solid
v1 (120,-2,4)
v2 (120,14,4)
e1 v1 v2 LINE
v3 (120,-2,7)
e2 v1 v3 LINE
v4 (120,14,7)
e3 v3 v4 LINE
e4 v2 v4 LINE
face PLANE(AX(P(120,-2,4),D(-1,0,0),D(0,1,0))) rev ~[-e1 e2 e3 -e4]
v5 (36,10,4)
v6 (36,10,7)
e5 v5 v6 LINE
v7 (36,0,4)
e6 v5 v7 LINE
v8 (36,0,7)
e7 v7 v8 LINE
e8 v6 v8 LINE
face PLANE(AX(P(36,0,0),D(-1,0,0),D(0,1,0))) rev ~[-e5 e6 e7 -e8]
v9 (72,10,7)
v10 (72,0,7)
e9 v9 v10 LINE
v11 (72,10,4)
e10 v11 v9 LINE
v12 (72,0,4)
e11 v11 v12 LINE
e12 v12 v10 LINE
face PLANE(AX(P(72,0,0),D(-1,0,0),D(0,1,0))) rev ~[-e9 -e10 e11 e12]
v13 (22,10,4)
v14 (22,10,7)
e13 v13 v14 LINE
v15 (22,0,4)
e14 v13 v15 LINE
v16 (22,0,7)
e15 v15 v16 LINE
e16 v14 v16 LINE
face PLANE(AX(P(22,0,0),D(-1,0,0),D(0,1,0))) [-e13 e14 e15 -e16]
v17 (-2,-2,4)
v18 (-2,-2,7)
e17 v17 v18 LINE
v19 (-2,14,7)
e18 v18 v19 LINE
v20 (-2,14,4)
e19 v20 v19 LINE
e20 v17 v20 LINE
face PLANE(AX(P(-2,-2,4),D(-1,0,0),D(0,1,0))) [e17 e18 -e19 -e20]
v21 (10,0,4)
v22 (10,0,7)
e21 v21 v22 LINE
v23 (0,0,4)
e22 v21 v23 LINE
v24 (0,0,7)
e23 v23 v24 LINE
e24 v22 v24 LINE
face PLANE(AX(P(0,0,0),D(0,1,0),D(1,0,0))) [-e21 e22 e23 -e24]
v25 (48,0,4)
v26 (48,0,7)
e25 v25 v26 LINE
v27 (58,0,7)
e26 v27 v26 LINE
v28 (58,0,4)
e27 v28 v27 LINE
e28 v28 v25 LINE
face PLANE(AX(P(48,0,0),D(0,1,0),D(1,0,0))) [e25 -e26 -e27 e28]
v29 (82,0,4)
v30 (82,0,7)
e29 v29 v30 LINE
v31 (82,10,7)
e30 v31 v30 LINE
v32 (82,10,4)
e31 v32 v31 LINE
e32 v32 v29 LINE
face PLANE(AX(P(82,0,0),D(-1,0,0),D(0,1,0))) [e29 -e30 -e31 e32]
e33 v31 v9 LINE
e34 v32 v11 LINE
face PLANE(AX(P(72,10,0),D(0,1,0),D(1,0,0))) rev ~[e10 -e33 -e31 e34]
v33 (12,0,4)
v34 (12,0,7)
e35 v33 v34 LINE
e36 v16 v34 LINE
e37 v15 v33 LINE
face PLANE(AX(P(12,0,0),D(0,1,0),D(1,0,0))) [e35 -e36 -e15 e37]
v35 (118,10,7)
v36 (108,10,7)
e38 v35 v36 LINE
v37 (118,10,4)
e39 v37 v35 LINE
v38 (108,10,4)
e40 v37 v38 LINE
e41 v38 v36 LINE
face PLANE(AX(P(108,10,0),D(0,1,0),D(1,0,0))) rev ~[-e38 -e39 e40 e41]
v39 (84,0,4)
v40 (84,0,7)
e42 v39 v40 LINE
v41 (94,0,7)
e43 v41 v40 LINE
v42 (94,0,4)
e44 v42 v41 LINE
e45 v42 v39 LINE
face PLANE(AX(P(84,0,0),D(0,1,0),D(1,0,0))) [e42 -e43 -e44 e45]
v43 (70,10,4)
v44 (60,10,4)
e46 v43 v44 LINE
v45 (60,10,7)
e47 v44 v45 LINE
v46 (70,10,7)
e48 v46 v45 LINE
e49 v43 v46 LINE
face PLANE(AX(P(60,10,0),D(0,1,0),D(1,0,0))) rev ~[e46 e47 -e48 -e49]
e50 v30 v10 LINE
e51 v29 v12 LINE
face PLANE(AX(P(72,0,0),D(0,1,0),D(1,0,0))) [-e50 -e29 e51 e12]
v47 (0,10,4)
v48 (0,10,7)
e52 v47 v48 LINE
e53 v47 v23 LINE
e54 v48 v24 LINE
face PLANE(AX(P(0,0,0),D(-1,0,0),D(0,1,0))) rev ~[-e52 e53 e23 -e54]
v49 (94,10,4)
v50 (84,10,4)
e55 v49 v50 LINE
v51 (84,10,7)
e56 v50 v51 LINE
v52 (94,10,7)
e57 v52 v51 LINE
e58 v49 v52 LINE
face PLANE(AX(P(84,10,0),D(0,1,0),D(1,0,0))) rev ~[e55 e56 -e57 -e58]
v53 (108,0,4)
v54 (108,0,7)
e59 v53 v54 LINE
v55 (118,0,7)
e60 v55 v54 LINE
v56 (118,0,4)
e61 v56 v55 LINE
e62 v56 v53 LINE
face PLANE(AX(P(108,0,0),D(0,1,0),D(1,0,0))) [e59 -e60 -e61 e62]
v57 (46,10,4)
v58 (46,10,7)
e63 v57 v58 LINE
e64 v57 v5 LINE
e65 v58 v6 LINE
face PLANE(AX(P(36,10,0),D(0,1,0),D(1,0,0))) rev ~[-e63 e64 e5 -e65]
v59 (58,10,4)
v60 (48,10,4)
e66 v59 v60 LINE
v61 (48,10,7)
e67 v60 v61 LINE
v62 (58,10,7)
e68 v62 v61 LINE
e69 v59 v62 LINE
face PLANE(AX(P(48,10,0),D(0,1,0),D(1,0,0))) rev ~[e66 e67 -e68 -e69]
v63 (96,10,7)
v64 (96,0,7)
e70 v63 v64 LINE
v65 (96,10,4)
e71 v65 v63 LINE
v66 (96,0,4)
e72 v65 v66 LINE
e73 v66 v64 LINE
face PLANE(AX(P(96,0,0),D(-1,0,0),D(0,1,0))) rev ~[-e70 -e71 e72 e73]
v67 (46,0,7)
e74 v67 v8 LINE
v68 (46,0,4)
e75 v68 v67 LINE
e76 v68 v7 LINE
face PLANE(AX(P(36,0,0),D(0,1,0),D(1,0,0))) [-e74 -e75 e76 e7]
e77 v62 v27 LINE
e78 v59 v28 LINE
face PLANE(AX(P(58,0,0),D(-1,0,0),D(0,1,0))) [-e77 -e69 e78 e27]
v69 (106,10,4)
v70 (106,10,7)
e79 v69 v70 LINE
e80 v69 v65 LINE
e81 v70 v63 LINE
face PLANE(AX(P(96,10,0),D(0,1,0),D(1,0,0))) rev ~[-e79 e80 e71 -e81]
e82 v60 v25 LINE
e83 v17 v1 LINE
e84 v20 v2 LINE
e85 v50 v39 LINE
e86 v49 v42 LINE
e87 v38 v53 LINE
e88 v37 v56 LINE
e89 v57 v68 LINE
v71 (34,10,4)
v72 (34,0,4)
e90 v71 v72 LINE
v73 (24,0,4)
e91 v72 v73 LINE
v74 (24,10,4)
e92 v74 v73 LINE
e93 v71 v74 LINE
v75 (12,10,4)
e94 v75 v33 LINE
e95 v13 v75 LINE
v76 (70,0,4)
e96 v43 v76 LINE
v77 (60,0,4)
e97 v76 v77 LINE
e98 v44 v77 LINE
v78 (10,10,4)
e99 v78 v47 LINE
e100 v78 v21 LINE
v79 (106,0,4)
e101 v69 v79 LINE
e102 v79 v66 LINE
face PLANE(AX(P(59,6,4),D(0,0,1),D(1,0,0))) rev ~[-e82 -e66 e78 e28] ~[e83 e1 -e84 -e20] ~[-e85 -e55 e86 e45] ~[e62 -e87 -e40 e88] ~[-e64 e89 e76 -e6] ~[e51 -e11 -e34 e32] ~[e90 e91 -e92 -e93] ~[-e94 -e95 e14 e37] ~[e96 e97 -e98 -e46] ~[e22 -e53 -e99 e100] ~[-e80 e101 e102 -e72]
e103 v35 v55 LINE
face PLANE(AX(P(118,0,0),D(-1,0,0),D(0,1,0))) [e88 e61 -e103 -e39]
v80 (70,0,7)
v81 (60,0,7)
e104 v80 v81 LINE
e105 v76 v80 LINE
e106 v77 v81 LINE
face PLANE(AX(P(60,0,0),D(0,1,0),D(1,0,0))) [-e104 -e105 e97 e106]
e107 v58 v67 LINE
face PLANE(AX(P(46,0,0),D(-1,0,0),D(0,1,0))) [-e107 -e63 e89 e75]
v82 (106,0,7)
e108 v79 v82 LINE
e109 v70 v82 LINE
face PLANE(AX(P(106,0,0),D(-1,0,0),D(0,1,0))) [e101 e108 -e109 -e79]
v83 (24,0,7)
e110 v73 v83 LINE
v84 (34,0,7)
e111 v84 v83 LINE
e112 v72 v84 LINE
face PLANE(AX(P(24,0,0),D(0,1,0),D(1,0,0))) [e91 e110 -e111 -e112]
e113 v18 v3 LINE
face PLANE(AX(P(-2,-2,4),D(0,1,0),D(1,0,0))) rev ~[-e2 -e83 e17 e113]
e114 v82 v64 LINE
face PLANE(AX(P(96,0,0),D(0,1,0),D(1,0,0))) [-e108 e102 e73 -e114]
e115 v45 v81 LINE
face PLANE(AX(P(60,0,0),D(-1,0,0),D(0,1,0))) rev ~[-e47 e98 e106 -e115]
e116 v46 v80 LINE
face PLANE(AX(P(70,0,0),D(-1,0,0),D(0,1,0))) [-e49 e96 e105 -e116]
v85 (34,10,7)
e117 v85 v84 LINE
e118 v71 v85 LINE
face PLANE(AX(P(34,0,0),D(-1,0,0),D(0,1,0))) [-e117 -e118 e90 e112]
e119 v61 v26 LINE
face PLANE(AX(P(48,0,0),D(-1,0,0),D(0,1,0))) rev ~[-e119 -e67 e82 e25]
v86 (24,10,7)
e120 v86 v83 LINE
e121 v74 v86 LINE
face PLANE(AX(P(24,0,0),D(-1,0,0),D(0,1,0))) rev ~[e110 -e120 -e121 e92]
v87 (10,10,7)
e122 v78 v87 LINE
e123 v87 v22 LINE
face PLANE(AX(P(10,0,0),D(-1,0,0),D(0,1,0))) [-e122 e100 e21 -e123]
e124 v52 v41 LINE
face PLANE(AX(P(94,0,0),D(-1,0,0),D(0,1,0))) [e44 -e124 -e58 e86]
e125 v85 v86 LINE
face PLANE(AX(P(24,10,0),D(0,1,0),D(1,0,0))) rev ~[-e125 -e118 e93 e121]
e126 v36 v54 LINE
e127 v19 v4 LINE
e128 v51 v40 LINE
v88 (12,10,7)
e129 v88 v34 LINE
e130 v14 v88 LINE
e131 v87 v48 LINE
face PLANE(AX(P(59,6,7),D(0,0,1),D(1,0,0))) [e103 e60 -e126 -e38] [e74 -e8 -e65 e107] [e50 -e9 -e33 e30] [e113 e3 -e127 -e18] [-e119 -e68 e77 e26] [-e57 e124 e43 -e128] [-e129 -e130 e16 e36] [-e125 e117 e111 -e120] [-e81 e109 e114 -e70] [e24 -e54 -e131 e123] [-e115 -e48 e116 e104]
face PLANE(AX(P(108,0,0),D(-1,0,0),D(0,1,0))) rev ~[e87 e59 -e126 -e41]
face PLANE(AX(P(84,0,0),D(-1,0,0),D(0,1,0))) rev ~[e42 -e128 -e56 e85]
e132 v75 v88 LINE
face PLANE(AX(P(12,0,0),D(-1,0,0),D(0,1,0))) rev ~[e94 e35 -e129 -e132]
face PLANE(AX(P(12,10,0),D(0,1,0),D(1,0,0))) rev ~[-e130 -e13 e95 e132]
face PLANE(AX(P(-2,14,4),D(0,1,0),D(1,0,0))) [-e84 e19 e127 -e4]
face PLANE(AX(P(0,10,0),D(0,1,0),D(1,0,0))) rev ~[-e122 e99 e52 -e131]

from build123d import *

# Parameters (mm, degrees)
BOX_W         = 10
BOX_H         = 10
BOX_DEPTH     = 10
ARRAY_X_COUNT = 10
ARRAY_X_PITCH = 12
BOX001_W      = 122
BOX001_H      = 16
BOX001_DEPTH  = 3


with BuildPart() as array:
    # Box → Box (new body)
    with BuildSketch(Plane.XY):
        with Locations((5, 5)):
            Rectangle(BOX_W, BOX_H)
    extrude(amount=BOX_DEPTH)

    # Array X: Array ×10


with BuildPart() as array_1:
    add(array.part)
    with Locations(*[(i * ARRAY_X_PITCH, 0, 0) for i in range(1, ARRAY_X_COUNT)]):
        add(array.part)


with BuildPart() as cut:
    # Box001 → Box001 (new body)
    with BuildSketch(Plane(origin=(-2, -2, 4), x_dir=(1, 0, 0), z_dir=(0, 0, 1))):
        with Locations((61, 8)):
            Rectangle(BOX001_W, BOX001_H)
    extrude(amount=BOX001_DEPTH)

    # Cut: cut Array
    add(array_1.part, mode=Mode.SUBTRACT)


solid = cut.part
